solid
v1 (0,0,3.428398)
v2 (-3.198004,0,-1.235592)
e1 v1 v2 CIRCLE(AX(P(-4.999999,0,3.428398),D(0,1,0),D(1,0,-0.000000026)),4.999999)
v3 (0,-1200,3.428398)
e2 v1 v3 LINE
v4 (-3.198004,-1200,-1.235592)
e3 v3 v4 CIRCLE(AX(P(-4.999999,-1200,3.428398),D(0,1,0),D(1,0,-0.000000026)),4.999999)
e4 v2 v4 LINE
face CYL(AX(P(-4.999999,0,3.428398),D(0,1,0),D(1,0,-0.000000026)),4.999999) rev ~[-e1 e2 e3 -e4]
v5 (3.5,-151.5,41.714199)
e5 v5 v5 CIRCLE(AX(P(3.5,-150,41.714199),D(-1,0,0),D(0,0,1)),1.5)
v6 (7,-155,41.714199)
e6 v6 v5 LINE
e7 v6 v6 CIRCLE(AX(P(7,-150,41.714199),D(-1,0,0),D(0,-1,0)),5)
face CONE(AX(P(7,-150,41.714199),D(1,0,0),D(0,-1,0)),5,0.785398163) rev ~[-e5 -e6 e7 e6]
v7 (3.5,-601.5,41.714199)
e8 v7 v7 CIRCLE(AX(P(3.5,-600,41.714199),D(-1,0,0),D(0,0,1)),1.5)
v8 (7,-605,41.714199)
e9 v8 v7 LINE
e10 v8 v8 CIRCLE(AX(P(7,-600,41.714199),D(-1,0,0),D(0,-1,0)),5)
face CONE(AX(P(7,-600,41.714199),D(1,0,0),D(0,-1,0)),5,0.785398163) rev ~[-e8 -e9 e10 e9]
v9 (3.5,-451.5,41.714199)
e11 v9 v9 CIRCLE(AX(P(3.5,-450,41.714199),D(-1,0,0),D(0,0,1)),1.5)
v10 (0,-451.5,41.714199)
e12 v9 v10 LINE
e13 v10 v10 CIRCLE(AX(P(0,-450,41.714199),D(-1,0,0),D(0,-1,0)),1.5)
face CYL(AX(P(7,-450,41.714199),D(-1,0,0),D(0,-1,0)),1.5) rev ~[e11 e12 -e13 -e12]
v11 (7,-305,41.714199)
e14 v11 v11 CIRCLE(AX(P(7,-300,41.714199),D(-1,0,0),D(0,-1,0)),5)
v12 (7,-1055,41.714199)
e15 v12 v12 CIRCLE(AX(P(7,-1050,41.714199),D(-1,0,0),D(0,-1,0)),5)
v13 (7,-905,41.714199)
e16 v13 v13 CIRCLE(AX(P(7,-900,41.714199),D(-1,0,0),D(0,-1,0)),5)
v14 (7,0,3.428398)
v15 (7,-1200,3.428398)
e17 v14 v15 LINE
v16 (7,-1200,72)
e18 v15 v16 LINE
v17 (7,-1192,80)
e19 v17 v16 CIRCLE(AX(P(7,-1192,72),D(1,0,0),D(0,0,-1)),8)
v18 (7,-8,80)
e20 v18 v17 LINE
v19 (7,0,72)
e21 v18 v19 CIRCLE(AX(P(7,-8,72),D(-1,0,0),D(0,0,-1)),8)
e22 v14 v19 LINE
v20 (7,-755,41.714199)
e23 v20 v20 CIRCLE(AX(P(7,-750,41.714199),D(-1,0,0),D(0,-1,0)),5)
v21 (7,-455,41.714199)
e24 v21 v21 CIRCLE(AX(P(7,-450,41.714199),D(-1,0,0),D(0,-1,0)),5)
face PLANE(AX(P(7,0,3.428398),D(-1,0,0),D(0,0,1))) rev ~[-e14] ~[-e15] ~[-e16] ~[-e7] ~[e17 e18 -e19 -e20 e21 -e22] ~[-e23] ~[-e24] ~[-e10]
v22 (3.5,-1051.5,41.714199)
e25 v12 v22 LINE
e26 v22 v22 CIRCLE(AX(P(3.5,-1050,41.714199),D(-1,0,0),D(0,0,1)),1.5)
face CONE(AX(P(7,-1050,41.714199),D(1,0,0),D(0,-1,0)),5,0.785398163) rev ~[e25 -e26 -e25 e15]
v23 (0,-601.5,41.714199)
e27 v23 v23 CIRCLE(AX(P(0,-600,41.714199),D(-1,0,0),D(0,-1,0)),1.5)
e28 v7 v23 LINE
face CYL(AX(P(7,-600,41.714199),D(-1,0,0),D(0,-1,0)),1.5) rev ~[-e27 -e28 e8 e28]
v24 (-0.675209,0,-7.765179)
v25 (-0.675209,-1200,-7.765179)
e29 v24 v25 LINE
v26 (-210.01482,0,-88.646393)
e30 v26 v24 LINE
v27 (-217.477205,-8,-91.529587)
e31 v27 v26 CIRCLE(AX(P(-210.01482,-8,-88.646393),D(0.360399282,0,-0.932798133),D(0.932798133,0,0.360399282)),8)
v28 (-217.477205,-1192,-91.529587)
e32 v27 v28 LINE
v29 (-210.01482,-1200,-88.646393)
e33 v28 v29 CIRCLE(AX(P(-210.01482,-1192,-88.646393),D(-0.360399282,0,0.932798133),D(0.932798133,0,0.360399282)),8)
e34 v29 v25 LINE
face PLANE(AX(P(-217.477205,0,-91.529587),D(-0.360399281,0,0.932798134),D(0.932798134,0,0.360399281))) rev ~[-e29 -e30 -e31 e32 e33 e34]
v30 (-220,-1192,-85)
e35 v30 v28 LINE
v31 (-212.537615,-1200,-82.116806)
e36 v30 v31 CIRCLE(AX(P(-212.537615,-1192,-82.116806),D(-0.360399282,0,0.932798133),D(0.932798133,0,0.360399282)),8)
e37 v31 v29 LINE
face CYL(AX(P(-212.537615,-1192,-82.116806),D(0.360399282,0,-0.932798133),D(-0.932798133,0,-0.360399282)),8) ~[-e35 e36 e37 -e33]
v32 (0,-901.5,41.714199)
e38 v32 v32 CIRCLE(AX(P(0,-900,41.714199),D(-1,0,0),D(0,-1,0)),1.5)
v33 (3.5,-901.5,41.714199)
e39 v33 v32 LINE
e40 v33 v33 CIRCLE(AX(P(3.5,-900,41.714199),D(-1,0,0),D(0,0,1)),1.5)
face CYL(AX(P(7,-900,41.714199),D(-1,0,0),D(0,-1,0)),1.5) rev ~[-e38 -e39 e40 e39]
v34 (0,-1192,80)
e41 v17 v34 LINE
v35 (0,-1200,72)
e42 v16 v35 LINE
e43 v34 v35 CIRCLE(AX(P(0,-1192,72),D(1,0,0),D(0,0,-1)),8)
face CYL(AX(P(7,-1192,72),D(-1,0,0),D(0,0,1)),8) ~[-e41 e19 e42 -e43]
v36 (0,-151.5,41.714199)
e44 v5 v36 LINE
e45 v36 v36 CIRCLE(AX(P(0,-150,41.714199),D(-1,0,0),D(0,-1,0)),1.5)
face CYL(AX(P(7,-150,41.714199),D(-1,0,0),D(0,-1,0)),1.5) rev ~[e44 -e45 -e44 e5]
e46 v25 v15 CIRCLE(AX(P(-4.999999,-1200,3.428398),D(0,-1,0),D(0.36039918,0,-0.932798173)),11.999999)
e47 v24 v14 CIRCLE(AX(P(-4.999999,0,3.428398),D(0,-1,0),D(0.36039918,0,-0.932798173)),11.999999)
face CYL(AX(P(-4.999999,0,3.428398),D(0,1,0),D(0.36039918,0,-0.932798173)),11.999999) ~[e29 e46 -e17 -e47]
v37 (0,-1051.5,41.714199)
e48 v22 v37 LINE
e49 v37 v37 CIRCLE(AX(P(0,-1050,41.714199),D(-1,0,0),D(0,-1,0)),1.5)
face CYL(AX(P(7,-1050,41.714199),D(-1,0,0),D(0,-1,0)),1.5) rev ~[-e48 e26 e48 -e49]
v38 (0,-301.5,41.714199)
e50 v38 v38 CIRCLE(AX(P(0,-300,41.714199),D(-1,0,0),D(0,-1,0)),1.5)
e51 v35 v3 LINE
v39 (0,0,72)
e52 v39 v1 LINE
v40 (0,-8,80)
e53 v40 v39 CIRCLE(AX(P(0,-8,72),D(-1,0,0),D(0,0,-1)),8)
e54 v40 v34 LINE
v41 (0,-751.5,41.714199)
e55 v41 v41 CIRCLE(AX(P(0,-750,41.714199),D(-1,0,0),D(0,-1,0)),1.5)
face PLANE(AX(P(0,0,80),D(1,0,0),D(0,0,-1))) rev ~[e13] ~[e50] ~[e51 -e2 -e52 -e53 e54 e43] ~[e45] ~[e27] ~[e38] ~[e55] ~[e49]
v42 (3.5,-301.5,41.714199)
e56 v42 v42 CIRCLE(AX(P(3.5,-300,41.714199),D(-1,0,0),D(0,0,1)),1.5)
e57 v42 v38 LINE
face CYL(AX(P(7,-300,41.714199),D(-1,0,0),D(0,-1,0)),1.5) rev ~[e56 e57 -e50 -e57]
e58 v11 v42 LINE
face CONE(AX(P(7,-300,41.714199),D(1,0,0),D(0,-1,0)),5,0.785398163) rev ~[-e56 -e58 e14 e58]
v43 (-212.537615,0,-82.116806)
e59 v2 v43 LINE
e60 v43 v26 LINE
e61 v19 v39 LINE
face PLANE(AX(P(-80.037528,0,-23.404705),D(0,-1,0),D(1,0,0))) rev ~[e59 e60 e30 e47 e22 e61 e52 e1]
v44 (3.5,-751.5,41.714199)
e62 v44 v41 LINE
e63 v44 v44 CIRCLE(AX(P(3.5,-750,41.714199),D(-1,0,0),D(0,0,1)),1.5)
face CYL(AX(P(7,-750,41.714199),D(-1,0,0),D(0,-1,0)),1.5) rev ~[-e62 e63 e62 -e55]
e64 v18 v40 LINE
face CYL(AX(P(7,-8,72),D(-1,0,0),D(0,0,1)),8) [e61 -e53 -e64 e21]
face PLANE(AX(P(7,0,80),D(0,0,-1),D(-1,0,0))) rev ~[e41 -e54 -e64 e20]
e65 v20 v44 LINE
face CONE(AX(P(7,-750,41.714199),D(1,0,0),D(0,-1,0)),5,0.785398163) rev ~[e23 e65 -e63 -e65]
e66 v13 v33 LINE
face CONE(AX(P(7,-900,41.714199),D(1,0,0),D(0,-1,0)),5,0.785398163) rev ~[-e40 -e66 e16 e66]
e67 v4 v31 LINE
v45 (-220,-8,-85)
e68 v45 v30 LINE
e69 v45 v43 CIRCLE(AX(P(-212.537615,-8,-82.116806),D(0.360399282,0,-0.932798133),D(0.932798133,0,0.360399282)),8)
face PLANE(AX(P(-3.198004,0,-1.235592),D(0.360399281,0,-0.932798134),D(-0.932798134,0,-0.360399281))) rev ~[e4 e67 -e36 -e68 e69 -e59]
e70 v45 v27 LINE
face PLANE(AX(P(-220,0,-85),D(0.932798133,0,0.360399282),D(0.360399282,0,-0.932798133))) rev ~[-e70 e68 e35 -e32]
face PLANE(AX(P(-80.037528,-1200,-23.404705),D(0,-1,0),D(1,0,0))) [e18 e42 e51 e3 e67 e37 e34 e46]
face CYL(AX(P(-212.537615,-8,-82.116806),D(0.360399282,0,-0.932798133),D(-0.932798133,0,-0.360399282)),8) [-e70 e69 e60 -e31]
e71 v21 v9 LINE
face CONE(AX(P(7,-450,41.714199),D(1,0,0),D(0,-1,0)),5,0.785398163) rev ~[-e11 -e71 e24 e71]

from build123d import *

# Parameters (mm, degrees)
F1_DEPTH       = 1200
F2_R           = 8
F4_D           = 3
F4_CSINK_D     = 10
F4_CSINK_ANGLE = 90


with BuildPart() as f1:
    # F0 (on Front) → F1 (new body)
    with BuildSketch(Plane.XZ):
        with BuildLine():
            Line((7, 80), (0, 80))
            Line((0, 80), (0, 3.428398))
            ThreePointArc((0, 3.428398), (-0.876289, 0.600854), (-3.198004, -1.235592))
            Line((-3.198004, -1.235592), (-220, -85))
            Line((-220, -85), (-217.477205, -91.529587))
            Line((-217.477205, -91.529587), (-0.675209, -7.765179))
            ThreePointArc((-0.675209, -7.765179), (4.896906, -3.357709), (7, 3.428398))
            Line((7, 3.428398), (7, 80))
        make_face()
    extrude(amount=F1_DEPTH)

    # F2
    f2_edges = [f1.edges().sort_by_distance(p)[0] for p in [
        (3.5, -1200, 80),
        (3.5, 0, 80),
        (-218.738603, 0, -88.264793),
        (-218.738603, -1200, -88.264793),
    ]]
    fillet(f2_edges, radius=F2_R)

    # F4 (through all)
    with Locations(Plane.YZ.offset(7)):
        with Locations((-900, 41.714199), (-1050, 41.714199), (-750, 41.714199), (-600, 41.714199), (-450, 41.714199), (-300, 41.714199), (-150, 41.714199)):
            CounterSinkHole(F4_D / 2, F4_CSINK_D / 2, counter_sink_angle=F4_CSINK_ANGLE)


solid = f1.part
